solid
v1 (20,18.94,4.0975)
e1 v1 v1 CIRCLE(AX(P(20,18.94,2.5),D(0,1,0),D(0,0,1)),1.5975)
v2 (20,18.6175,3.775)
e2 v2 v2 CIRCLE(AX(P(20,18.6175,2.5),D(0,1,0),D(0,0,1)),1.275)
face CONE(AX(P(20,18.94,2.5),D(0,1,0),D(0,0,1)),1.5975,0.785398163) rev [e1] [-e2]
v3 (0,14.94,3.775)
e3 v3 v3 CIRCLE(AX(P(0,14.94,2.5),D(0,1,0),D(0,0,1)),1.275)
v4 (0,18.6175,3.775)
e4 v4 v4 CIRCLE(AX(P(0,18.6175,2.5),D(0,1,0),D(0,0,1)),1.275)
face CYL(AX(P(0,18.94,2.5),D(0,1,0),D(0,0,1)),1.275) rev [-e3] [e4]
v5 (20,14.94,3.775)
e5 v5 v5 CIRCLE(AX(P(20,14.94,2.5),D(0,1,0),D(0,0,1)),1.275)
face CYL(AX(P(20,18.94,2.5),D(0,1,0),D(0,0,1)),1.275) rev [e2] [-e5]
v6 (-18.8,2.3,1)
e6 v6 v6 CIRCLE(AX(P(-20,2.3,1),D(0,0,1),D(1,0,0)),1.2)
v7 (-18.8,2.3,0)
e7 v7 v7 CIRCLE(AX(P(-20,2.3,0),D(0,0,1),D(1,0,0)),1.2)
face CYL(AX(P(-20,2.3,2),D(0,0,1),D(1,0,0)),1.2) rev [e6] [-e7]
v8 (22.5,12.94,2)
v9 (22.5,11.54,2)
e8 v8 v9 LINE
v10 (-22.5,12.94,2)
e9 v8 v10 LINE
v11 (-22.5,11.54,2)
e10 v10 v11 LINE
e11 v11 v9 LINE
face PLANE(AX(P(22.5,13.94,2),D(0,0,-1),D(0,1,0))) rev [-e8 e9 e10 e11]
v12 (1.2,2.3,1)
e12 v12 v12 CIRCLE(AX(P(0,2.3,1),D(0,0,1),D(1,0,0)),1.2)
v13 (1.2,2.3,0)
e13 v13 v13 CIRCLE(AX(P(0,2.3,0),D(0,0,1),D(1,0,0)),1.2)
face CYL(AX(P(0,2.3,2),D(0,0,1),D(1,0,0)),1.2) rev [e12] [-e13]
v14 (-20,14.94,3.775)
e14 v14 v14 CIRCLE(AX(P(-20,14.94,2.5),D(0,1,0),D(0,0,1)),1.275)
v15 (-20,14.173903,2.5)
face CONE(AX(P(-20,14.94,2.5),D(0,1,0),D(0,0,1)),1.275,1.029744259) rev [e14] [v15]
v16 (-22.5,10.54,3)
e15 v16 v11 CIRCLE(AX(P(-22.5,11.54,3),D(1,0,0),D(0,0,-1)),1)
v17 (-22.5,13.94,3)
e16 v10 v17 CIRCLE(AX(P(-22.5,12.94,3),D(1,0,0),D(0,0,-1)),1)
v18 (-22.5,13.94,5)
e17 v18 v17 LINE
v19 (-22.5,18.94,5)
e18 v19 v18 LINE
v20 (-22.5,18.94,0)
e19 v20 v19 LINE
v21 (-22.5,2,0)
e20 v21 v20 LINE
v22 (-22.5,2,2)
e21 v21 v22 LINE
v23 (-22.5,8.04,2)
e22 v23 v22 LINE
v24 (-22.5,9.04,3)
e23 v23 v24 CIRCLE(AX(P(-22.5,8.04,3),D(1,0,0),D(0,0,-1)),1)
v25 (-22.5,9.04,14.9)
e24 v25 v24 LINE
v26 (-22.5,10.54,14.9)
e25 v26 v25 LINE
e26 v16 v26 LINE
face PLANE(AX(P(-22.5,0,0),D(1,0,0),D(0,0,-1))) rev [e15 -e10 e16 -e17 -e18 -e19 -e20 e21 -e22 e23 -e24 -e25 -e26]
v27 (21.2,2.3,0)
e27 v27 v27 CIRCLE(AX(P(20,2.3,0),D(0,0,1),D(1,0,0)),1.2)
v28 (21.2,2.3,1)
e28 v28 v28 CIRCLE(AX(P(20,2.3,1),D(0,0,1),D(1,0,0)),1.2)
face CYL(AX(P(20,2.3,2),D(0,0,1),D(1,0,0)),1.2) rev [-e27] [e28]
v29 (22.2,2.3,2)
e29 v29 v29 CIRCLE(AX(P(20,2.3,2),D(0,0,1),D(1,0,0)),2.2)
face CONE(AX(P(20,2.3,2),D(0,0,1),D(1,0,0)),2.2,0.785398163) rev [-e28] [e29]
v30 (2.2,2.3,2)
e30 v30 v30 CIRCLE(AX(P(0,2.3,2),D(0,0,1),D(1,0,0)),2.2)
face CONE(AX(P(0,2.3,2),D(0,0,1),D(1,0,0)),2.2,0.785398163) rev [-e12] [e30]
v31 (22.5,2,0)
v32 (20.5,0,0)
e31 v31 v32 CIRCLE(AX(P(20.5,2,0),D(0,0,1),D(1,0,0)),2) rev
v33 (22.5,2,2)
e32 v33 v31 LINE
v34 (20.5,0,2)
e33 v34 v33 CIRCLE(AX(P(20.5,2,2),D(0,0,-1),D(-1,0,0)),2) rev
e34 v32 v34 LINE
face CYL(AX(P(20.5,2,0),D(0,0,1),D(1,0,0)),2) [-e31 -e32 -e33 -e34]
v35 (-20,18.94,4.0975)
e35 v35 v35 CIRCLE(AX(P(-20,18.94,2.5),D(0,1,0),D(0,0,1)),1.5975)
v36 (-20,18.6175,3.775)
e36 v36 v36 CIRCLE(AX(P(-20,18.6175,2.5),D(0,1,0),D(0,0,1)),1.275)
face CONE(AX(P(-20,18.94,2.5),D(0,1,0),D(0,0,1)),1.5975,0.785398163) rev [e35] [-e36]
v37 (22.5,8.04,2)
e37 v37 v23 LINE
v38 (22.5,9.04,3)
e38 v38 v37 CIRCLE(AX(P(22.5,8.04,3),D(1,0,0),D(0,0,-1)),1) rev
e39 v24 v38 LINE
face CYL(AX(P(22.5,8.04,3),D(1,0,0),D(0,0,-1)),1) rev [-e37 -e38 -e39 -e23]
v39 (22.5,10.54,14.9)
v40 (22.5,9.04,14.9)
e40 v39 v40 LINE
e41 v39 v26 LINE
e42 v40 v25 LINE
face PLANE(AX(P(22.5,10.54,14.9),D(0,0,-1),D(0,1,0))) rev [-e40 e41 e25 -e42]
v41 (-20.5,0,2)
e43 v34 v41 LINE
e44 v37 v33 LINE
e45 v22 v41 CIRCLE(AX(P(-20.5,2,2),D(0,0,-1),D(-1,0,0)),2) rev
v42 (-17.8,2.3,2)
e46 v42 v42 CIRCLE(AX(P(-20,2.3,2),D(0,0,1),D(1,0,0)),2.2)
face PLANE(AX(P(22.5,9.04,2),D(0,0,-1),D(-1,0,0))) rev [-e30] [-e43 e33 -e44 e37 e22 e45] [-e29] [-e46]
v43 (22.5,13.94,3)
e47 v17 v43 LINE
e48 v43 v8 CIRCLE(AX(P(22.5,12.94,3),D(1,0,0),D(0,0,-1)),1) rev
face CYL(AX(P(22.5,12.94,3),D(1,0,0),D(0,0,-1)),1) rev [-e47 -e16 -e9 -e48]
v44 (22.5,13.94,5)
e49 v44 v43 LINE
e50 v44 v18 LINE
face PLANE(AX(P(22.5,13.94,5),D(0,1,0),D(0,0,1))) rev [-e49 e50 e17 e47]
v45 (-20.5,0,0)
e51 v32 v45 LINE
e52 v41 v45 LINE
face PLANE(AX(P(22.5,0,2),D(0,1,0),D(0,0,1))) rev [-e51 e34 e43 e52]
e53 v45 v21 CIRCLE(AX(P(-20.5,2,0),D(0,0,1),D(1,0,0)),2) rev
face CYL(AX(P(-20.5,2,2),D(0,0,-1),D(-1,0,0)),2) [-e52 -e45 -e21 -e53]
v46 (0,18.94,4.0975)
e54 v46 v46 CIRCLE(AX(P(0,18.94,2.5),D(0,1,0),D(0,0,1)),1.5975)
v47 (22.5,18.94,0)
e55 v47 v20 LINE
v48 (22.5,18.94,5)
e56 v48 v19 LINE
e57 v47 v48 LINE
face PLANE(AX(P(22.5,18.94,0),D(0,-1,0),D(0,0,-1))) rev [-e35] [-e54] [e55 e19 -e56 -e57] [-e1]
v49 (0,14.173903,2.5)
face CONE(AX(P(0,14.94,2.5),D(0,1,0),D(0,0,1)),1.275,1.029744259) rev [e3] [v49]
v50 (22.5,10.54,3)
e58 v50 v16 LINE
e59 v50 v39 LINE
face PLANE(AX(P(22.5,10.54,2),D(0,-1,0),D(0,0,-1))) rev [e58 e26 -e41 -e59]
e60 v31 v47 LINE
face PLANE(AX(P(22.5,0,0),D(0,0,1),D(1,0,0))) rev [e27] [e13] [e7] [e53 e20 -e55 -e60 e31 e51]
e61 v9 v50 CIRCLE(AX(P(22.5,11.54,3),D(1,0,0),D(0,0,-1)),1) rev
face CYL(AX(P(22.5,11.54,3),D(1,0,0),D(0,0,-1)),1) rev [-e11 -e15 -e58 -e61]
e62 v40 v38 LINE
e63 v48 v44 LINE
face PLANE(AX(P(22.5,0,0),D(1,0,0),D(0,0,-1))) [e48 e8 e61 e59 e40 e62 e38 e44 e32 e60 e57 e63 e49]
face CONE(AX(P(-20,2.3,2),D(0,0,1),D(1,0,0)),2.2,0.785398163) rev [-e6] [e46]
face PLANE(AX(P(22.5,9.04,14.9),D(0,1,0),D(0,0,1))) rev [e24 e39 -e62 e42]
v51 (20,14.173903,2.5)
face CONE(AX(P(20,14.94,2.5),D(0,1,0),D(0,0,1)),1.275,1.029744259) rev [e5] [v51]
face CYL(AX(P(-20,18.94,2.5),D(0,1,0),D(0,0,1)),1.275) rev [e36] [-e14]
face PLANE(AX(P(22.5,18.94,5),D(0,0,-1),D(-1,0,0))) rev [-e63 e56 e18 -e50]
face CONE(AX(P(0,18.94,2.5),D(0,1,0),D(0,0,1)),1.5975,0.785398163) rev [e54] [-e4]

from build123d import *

# Parameters (mm, degrees)
BOSS_EXTRUDE1_DEPTH                             = 22.5
FILLET1_R                                       = 1
CSK_FOR_M2_FLAT_HEAD_MACHINE_SCREW1_D           = 2.4
CSK_FOR_M2_FLAT_HEAD_MACHINE_SCREW1_DEPTH       = 6.45
CSK_FOR_M2_FLAT_HEAD_MACHINE_SCREW1_CSINK_D     = 4.4
CSK_FOR_M2_FLAT_HEAD_MACHINE_SCREW1_CSINK_ANGLE = 90
CSK_FOR_M2_FLAT_HEAD_MACHINE_SCREW1_TIP         = 0.721032743
FILLET2_R                                       = 2
TAPPED_HOLE_FOR_M2_5X0_45_HELICOIL1_D           = 2.55
TAPPED_HOLE_FOR_M2_5X0_45_HELICOIL1_DEPTH       = 4
TAPPED_HOLE_FOR_M2_5X0_45_HELICOIL1_CSINK_D     = 3.195
TAPPED_HOLE_FOR_M2_5X0_45_HELICOIL1_CSINK_ANGLE = 90
TAPPED_HOLE_FOR_M2_5X0_45_HELICOIL1_TIP         = 0.766097289


with BuildPart() as part:
    # Sketch1 → Boss-Extrude1 (new, symmetric)
    with BuildSketch(Plane(origin=(0, 0, 0), x_dir=(0, 0, -1), z_dir=(1, 0, 0))):
        Polygon((0, 0), (0, 18.94), (-5, 18.94), (-5, 13.94), (-2, 13.94), (-2, 10.54), (-14.9, 10.54), (-14.9, 9.04), (-2, 9.04), (-2, 0), align=None)
    extrude(amount=BOSS_EXTRUDE1_DEPTH, both=True)

    # Fillet1
    fillet1_edges = [part.edges().sort_by_distance(p)[0] for p in [
        (0, 9.04, 2),
        (0, 10.54, 2),
        (0, 13.94, 2),
    ]]
    fillet(fillet1_edges, radius=FILLET1_R)

    # CSK for M2 Flat Head Machine Screw1
    with Locations(Plane.XY.offset(2)):
        with Locations((20, 2.3), (-20, 2.3), (0, 2.3)):
            CounterSinkHole(CSK_FOR_M2_FLAT_HEAD_MACHINE_SCREW1_D / 2, CSK_FOR_M2_FLAT_HEAD_MACHINE_SCREW1_CSINK_D / 2, depth=CSK_FOR_M2_FLAT_HEAD_MACHINE_SCREW1_DEPTH, counter_sink_angle=CSK_FOR_M2_FLAT_HEAD_MACHINE_SCREW1_CSINK_ANGLE)
            with Locations((0, 0, -(CSK_FOR_M2_FLAT_HEAD_MACHINE_SCREW1_DEPTH + CSK_FOR_M2_FLAT_HEAD_MACHINE_SCREW1_TIP / 2))):  # 118° drill point
                Cone(0, CSK_FOR_M2_FLAT_HEAD_MACHINE_SCREW1_D / 2, CSK_FOR_M2_FLAT_HEAD_MACHINE_SCREW1_TIP, mode=Mode.SUBTRACT)

    # Fillet2
    fillet2_edges = [part.edges().sort_by_distance(p)[0] for p in [
        (-22.5, 0, 1),
        (22.5, 0, 1),
    ]]
    fillet(fillet2_edges, radius=FILLET2_R)

    # Tapped Hole for M2.5x0.45 Helicoil1
    with Locations(Plane(origin=(0, 18.94, 0), x_dir=(1, 0, 0), z_dir=(0, 1, 0))):
        with Locations((20, -2.5), (-20, -2.5), (0, -2.5)):
            CounterSinkHole(TAPPED_HOLE_FOR_M2_5X0_45_HELICOIL1_D / 2, TAPPED_HOLE_FOR_M2_5X0_45_HELICOIL1_CSINK_D / 2, depth=TAPPED_HOLE_FOR_M2_5X0_45_HELICOIL1_DEPTH, counter_sink_angle=TAPPED_HOLE_FOR_M2_5X0_45_HELICOIL1_CSINK_ANGLE)
            with Locations((0, 0, -(TAPPED_HOLE_FOR_M2_5X0_45_HELICOIL1_DEPTH + TAPPED_HOLE_FOR_M2_5X0_45_HELICOIL1_TIP / 2))):  # 118° drill point
                Cone(0, TAPPED_HOLE_FOR_M2_5X0_45_HELICOIL1_D / 2, TAPPED_HOLE_FOR_M2_5X0_45_HELICOIL1_TIP, mode=Mode.SUBTRACT)


solid = part.part
